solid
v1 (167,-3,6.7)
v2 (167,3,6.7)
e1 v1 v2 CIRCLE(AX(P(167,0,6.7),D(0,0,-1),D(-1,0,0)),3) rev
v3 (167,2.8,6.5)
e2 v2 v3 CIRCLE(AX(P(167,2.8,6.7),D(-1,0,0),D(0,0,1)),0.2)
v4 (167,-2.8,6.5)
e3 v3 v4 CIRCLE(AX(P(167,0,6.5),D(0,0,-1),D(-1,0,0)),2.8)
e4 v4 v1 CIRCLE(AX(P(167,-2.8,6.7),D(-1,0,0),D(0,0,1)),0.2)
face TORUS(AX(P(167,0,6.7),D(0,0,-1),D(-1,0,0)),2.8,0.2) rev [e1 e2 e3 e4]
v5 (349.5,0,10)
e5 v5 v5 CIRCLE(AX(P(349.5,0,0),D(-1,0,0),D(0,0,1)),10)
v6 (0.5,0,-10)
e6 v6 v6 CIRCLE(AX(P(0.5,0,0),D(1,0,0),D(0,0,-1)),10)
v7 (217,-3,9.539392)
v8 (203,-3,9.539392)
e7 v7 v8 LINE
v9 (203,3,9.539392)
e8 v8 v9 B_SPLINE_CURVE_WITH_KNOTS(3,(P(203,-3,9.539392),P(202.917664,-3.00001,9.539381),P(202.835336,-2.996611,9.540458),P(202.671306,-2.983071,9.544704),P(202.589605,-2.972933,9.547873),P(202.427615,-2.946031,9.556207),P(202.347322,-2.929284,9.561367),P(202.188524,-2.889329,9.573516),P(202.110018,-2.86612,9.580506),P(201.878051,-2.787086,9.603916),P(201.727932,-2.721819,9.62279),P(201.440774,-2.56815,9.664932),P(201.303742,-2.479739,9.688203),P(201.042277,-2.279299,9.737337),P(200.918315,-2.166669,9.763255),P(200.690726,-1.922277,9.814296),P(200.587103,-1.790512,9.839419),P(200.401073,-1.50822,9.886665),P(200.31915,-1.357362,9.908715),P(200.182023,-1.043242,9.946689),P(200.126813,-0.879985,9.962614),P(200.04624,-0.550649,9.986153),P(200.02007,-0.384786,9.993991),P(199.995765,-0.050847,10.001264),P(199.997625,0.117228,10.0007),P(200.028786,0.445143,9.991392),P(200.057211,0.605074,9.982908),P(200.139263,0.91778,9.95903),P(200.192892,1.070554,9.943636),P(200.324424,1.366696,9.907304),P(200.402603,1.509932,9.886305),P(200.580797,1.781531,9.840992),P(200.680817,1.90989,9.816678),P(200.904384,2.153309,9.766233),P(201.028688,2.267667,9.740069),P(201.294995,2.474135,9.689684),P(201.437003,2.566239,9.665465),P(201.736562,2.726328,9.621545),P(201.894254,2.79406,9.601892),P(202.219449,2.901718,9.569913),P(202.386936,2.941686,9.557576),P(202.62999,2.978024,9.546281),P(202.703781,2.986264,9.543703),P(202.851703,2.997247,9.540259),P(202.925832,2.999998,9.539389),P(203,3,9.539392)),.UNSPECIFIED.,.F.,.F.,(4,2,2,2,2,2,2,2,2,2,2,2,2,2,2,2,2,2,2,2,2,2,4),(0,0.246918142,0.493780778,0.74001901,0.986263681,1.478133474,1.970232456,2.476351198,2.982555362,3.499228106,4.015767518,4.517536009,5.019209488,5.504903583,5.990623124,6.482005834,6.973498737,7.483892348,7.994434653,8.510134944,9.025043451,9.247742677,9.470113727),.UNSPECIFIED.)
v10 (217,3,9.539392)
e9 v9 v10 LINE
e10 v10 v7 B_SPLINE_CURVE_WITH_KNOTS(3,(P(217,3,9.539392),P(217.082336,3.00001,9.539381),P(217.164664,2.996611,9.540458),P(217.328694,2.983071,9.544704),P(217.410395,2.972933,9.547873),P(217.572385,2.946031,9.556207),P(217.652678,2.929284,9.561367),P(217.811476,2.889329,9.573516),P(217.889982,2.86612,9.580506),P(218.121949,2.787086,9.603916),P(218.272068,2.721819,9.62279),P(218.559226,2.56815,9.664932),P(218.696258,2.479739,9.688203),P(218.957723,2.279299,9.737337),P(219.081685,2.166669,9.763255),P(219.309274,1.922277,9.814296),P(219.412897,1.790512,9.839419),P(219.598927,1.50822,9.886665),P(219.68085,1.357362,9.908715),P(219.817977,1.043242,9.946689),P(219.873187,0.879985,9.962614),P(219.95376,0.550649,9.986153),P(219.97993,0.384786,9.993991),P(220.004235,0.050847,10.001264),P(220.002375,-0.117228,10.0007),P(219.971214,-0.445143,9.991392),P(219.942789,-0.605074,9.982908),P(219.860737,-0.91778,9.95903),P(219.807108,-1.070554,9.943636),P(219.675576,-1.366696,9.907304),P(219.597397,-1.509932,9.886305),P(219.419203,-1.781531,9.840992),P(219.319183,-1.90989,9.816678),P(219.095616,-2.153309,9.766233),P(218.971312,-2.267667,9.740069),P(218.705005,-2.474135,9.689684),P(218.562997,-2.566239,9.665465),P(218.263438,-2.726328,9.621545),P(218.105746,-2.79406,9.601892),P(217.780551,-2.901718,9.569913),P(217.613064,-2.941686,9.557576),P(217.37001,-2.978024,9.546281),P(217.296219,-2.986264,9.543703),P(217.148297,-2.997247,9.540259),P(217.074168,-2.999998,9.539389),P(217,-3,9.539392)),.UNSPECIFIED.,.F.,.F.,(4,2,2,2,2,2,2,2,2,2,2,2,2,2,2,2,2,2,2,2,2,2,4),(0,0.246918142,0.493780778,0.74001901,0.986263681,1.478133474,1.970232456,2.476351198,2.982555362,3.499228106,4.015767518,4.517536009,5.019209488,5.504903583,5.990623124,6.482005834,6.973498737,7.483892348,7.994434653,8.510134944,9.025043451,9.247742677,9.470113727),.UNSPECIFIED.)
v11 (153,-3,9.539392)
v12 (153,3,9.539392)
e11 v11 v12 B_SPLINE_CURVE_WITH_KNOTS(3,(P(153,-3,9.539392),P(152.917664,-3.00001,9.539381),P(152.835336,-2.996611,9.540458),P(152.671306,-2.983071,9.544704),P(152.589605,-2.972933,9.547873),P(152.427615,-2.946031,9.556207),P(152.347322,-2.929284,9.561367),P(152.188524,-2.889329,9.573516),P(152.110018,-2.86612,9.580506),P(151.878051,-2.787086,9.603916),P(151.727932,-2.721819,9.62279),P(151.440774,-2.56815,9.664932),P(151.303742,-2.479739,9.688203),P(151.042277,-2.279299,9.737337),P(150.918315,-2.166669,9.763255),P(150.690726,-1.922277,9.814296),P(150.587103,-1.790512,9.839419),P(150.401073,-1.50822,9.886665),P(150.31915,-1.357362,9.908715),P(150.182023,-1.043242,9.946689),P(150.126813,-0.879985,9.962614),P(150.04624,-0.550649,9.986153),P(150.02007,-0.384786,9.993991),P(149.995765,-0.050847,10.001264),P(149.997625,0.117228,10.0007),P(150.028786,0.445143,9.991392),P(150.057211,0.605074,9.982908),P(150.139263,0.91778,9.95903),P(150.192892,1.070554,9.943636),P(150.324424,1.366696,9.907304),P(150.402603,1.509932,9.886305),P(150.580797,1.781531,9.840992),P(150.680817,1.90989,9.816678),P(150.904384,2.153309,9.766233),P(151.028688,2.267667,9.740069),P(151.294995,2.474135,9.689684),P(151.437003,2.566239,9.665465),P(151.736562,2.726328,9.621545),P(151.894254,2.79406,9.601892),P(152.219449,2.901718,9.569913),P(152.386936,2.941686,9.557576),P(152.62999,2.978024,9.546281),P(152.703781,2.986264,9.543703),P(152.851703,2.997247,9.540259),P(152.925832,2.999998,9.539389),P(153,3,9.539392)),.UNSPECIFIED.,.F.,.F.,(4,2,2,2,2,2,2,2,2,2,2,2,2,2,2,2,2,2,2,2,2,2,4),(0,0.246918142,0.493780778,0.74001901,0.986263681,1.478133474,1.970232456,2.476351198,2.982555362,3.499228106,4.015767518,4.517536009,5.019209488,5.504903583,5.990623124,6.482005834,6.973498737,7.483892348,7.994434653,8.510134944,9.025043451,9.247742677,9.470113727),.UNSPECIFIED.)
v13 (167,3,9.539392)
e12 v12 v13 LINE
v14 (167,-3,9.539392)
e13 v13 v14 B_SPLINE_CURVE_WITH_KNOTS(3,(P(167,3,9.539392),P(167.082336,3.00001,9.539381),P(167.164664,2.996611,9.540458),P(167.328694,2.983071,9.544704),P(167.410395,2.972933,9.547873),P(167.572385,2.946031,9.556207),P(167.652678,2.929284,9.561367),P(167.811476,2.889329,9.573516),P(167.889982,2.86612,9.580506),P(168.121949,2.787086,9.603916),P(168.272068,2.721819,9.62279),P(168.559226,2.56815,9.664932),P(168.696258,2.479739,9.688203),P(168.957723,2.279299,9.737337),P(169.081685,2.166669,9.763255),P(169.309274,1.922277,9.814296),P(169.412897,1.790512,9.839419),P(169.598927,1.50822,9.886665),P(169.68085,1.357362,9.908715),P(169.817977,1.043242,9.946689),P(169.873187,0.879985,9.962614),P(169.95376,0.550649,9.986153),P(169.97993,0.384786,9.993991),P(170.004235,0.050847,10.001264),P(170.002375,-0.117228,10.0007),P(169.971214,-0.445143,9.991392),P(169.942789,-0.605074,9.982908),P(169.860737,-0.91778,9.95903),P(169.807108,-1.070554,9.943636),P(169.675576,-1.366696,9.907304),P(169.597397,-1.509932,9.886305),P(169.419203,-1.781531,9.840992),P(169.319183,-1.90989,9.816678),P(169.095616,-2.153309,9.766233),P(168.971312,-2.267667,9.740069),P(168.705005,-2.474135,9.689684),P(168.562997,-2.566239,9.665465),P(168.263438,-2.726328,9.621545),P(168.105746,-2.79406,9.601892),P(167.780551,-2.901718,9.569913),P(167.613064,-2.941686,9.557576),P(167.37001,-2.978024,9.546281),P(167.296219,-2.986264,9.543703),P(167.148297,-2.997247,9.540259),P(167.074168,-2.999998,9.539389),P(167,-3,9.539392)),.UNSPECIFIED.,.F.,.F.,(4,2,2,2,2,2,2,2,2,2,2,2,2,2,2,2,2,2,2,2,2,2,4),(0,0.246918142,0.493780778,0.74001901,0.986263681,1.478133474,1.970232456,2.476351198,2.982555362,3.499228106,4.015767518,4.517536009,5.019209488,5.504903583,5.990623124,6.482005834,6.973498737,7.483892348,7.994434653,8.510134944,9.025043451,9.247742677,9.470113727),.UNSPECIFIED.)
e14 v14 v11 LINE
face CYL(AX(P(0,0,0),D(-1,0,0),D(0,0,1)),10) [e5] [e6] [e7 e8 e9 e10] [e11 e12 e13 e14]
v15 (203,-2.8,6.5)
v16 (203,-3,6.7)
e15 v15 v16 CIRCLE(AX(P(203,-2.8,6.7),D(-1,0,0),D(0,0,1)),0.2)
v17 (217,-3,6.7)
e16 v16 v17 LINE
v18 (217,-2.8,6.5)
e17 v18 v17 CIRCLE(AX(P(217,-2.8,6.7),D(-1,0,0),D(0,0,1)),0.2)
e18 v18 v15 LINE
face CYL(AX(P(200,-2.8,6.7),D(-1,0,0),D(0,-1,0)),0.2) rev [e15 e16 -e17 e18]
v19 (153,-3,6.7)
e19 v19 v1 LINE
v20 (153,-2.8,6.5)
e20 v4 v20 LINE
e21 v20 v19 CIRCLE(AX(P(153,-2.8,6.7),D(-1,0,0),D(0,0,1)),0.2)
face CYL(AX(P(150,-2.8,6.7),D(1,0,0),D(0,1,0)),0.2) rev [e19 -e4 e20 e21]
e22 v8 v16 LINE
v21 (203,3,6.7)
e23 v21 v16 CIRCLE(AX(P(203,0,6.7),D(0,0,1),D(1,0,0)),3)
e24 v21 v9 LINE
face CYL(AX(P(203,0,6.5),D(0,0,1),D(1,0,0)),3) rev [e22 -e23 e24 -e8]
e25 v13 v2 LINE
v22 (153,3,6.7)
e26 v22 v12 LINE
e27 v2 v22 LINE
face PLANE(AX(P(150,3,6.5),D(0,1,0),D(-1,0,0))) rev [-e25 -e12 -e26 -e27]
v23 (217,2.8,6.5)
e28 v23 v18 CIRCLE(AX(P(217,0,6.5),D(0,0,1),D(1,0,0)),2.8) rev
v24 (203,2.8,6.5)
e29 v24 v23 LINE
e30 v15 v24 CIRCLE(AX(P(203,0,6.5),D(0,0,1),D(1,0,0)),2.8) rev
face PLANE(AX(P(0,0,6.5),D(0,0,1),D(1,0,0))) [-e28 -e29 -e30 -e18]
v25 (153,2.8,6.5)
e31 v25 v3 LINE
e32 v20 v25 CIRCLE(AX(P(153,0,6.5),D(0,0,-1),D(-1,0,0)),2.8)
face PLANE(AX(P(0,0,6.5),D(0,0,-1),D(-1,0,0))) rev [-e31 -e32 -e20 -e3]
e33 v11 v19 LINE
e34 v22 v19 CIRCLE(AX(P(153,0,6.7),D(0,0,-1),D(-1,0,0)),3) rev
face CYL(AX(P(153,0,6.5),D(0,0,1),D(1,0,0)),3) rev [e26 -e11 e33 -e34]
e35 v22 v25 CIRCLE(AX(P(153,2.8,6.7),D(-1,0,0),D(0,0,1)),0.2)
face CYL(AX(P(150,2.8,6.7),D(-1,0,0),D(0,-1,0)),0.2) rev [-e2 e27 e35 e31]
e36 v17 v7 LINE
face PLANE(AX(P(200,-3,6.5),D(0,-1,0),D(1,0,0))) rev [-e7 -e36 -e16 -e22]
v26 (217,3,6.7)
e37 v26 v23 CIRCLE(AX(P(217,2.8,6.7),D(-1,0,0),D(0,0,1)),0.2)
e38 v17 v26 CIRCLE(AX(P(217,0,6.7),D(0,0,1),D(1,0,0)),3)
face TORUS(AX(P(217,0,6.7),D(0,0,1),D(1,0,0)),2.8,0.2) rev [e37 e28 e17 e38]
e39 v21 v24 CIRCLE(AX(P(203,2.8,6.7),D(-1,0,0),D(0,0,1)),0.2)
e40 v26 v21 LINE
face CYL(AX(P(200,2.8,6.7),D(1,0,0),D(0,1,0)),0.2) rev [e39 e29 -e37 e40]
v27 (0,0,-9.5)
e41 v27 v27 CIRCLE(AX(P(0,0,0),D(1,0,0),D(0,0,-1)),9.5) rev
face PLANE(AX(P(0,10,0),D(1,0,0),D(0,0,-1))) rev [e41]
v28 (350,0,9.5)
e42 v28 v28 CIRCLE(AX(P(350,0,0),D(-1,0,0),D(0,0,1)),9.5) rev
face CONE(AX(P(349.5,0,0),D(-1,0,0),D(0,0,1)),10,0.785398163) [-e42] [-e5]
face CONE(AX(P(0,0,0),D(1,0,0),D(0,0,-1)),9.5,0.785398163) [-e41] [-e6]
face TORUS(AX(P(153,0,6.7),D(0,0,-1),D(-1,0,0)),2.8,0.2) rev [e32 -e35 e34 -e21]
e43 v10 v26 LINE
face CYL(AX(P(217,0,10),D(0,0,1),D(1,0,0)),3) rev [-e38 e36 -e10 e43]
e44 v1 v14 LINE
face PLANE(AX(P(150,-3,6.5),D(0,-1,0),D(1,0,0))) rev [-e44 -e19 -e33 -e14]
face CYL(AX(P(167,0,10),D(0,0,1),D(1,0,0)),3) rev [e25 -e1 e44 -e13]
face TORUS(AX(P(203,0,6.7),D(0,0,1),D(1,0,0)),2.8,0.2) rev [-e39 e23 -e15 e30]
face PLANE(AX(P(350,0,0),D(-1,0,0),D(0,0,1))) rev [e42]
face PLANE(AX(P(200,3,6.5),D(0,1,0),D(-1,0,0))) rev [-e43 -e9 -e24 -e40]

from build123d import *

# Parameters (mm, degrees)
SKETCH1_W           = 350
SKETCH1_H           = 10
CHAMFER1_SIZE       = 0.5
SKETCH2_W           = 20
SKETCH2_H           = 6
BOSS_EXTRUDE1_DEPTH = 3.5
FILLET1_RADIUS      = 3
FILLET1_LENGTH      = 3.5
FILLET2_RADIUS      = 3
FILLET2_LENGTH      = 3.5
FILLET3_R           = 0.2
SKETCH4_W           = 20
SKETCH4_H           = 6
BOSS_EXTRUDE3_DEPTH = 3.5
FILLET4_RADIUS      = 3
FILLET4_LENGTH      = 3.5
FILLET5_RADIUS      = 3
FILLET5_LENGTH      = 3.5
FILLET6_R           = 0.2


with BuildPart() as part:
    # Sketch1 → Revolve1 (revolve)
    with BuildSketch(Plane.XY, mode=Mode.PRIVATE) as revolve1_sk:
        with Locations((175, 5)):
            Rectangle(SKETCH1_W, SKETCH1_H)
    revolve(revolve1_sk.sketch.rotate(Axis((0, 0, 0), (1, 0, 0)), 90), axis=Axis((0, 0, 0), (1, 0, 0)))

    # Chamfer1
    chamfer1_edges = [part.edges().sort_by_distance(p)[0] for p in [
        (0, 0, -10),
        (350, 0, -10),
    ]]
    chamfer(chamfer1_edges, length=CHAMFER1_SIZE)


with BuildPart() as body_2:
    # Sketch2 → Boss-Extrude1 (new body)
    with BuildSketch(Plane.XY.offset(10)):
        with Locations((160, 0)):
            Rectangle(SKETCH2_W, SKETCH2_H)
    extrude(amount=-BOSS_EXTRUDE1_DEPTH)

    # Fillet1: full round fillet: the end face becomes a half cylinder, R = half its width
    fillet1_face = Plane((150, 0, 8.25), x_dir=(0, 0, 1), z_dir=(-1, 0, 0))  # on the end face: x along it, z out of the body
    fillet1_slab = fillet1_face.offset(-FILLET1_RADIUS / 2) * Box(FILLET1_LENGTH, 2 * FILLET1_RADIUS, FILLET1_RADIUS, mode=Mode.PRIVATE)  # the body's end, R deep
    fillet1_round = Plane((153, 0, 8.25), x_dir=(-1, 0, 0), z_dir=(0, 0, 1)) * Cylinder(FILLET1_RADIUS, FILLET1_LENGTH, mode=Mode.PRIVATE)  # its axis R under the face
    add(fillet1_slab - fillet1_round, mode=Mode.SUBTRACT)

    # Fillet2: full round fillet: the end face becomes a half cylinder, R = half its width
    fillet2_face = Plane((170, 0, 8.25), x_dir=(0, 0, 1), z_dir=(1, 0, 0))  # on the end face: x along it, z out of the body
    fillet2_slab = fillet2_face.offset(-FILLET2_RADIUS / 2) * Box(FILLET2_LENGTH, 2 * FILLET2_RADIUS, FILLET2_RADIUS, mode=Mode.PRIVATE)  # the body's end, R deep
    fillet2_round = Plane((167, 0, 8.25), x_dir=(1, 0, 0), z_dir=(0, 0, 1)) * Cylinder(FILLET2_RADIUS, FILLET2_LENGTH, mode=Mode.PRIVATE)  # its axis R under the face
    add(fillet2_slab - fillet2_round, mode=Mode.SUBTRACT)

    # Fillet3
    fillet3_edges = [body_2.edges().sort_by_distance(p)[0] for p in [
        (160, -3, 6.5),
        (150, 0, 6.5),
        (160, 3, 6.5),
        (170, 0, 6.5),
    ]]
    fillet(fillet3_edges, radius=FILLET3_R)


with BuildPart() as part_1:
    add(part.part)

    # Combine1: cut body 2
    add(body_2.part, mode=Mode.SUBTRACT)


with BuildPart() as body_2_2:
    # Sketch4 → Boss-Extrude3 (new body)
    with BuildSketch(Plane.XY.offset(10)):
        with Locations((210, 0)):
            Rectangle(SKETCH4_W, SKETCH4_H)
    extrude(amount=-BOSS_EXTRUDE3_DEPTH)

    # Fillet4: full round fillet: the end face becomes a half cylinder, R = half its width
    fillet4_face = Plane((200, 0, 8.25), x_dir=(0, 0, 1), z_dir=(-1, 0, 0))  # on the end face: x along it, z out of the body
    fillet4_slab = fillet4_face.offset(-FILLET4_RADIUS / 2) * Box(FILLET4_LENGTH, 2 * FILLET4_RADIUS, FILLET4_RADIUS, mode=Mode.PRIVATE)  # the body's end, R deep
    fillet4_round = Plane((203, 0, 8.25), x_dir=(-1, 0, 0), z_dir=(0, 0, 1)) * Cylinder(FILLET4_RADIUS, FILLET4_LENGTH, mode=Mode.PRIVATE)  # its axis R under the face
    add(fillet4_slab - fillet4_round, mode=Mode.SUBTRACT)

    # Fillet5: full round fillet: the end face becomes a half cylinder, R = half its width
    fillet5_face = Plane((220, 0, 8.25), x_dir=(0, 0, -1), z_dir=(1, 0, 0))  # on the end face: x along it, z out of the body
    fillet5_slab = fillet5_face.offset(-FILLET5_RADIUS / 2) * Box(FILLET5_LENGTH, 2 * FILLET5_RADIUS, FILLET5_RADIUS, mode=Mode.PRIVATE)  # the body's end, R deep
    fillet5_round = Plane((217, 0, 8.25), x_dir=(1, 0, 0), z_dir=(0, 0, -1)) * Cylinder(FILLET5_RADIUS, FILLET5_LENGTH, mode=Mode.PRIVATE)  # its axis R under the face
    add(fillet5_slab - fillet5_round, mode=Mode.SUBTRACT)

    # Fillet6
    fillet6_edges = [body_2_2.edges().sort_by_distance(p)[0] for p in [
        (210, -3, 6.5),
        (200, 0, 6.5),
        (210, 3, 6.5),
        (220, 0, 6.5),
    ]]
    fillet(fillet6_edges, radius=FILLET6_R)


with BuildPart() as part_2:
    add(part_1.part)

    # Combine2: cut body 2 2
    add(body_2_2.part, mode=Mode.SUBTRACT)


solid = part_2.part
